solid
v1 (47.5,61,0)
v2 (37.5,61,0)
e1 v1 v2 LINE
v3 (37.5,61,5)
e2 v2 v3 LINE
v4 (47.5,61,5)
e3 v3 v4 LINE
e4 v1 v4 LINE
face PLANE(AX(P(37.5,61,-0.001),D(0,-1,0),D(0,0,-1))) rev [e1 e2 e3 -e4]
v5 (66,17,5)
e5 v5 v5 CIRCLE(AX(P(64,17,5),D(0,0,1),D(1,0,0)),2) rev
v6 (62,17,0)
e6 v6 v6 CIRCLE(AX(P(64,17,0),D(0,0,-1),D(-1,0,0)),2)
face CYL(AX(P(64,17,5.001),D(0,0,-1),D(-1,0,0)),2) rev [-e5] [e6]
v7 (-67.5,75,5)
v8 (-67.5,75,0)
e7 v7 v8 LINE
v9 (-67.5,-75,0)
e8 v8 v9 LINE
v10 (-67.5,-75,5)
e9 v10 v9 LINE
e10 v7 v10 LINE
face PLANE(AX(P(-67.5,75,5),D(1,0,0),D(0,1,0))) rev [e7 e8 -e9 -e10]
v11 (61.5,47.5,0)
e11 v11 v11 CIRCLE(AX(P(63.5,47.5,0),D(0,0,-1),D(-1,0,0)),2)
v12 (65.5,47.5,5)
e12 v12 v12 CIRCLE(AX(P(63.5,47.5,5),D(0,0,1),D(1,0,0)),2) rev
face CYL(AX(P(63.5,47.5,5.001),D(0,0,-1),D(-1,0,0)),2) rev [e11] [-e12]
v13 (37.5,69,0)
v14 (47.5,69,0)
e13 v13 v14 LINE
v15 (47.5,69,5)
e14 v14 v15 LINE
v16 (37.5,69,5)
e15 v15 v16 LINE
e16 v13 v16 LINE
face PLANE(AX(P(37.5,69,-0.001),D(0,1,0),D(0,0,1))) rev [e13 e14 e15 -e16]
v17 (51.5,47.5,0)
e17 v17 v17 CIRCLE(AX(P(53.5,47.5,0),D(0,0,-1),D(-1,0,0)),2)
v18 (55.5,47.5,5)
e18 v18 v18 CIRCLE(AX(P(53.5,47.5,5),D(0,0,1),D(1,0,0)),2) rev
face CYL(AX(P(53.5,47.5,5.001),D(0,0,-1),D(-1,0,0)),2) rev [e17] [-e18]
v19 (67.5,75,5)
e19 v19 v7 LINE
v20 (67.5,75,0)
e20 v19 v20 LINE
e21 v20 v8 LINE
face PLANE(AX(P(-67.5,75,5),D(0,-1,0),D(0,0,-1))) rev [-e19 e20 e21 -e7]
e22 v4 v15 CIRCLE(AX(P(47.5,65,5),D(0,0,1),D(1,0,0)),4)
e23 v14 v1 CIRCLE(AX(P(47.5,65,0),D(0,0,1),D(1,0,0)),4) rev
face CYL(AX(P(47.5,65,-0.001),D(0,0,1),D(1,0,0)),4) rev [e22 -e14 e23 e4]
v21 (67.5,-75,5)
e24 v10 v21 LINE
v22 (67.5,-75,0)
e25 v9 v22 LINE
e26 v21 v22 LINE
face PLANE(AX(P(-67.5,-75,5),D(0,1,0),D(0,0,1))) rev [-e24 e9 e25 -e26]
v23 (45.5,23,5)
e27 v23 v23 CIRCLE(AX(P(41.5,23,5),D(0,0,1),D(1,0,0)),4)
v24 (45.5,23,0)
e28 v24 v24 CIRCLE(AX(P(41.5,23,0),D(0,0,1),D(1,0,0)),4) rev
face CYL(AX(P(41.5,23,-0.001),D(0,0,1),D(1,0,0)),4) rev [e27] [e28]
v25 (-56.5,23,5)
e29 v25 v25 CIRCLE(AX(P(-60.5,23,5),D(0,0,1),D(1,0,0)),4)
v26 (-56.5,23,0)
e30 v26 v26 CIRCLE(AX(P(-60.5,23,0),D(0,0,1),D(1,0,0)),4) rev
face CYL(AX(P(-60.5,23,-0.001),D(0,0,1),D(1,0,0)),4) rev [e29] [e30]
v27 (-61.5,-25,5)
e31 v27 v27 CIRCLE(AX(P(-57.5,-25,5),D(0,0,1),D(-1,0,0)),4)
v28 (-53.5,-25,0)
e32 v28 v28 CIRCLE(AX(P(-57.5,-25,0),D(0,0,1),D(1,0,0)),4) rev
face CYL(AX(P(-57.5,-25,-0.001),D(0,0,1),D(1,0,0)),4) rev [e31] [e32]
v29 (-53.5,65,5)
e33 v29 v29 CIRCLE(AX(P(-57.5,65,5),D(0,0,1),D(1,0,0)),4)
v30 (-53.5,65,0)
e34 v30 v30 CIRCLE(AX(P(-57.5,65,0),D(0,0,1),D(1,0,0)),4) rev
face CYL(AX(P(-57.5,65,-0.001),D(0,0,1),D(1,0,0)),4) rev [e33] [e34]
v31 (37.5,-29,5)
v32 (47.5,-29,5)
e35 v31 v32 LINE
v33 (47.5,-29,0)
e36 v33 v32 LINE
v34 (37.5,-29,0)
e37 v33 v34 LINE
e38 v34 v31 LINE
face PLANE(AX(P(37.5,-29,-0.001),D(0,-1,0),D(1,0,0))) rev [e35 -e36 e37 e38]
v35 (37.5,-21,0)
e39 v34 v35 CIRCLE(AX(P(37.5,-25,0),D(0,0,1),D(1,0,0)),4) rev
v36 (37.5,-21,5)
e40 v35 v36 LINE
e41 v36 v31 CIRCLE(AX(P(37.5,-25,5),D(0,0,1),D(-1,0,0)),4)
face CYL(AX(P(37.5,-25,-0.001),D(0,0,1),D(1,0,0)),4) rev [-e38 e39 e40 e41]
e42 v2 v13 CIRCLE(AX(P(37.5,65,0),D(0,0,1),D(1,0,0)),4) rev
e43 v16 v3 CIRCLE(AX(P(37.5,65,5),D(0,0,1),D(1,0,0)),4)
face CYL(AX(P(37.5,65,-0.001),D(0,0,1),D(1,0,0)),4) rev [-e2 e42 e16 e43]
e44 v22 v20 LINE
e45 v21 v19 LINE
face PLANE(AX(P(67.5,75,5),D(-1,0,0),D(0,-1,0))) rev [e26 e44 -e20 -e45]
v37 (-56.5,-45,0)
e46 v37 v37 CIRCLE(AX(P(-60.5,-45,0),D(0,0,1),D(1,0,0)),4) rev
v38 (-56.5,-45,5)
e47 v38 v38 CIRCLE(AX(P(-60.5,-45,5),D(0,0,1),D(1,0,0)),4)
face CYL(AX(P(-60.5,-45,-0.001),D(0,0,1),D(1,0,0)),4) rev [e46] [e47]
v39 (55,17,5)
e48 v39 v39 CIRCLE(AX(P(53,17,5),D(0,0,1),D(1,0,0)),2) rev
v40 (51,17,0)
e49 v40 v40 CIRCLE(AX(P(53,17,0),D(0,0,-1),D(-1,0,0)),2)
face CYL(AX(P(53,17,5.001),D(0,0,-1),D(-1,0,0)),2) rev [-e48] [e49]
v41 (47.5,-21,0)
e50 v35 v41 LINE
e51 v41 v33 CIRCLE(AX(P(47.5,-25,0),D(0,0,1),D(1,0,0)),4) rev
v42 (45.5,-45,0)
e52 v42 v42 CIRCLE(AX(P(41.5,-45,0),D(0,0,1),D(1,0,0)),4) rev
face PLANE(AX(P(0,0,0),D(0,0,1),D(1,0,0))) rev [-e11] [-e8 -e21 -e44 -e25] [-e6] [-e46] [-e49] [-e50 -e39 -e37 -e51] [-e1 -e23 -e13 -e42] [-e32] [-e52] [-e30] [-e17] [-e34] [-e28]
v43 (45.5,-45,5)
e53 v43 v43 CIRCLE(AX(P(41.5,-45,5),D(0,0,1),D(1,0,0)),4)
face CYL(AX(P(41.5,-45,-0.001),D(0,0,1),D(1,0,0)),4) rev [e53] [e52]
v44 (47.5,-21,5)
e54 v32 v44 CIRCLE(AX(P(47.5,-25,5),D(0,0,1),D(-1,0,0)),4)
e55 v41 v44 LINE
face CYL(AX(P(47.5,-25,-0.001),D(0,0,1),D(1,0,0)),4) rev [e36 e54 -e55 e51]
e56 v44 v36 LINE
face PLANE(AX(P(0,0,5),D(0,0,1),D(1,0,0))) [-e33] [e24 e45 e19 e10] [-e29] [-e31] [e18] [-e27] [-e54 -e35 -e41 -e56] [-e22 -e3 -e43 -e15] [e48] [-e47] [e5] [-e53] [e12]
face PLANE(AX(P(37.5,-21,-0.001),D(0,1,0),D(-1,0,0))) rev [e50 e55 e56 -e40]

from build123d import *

# Parameters (mm, degrees)
SKETCH1_W           = 135
SKETCH1_H           = 150
BOSS_EXTRUDE1_DEPTH = 5
CUT_EXTRUDE1_REACH  = 103.026
SKETCH2_R           = 4
CUT_EXTRUDE5_REACH  = 103.026
SKETCH6_R           = 4
CUT_EXTRUDE6_REACH  = 103.026
SKETCH7_R           = 2


with BuildPart() as part:
    # Sketch1 → Boss-Extrude1 (new body)
    with BuildSketch(Plane.XY):
        Rectangle(SKETCH1_W, SKETCH1_H)
    extrude(amount=BOSS_EXTRUDE1_DEPTH)

    # Sketch2 → Cut-Extrude1 (cut, up to next)
    with BuildSketch(Plane.XY.offset(5), mode=Mode.PRIVATE) as cut_extrude1_sk1:
        with Locations((-57.5, 65)):
            Circle(SKETCH2_R)
    cut_extrude1_tool1 = extrude(cut_extrude1_sk1.sketch, amount=-CUT_EXTRUDE1_REACH, mode=Mode.PRIVATE) & part.part
    # Sketch2 → Cut-Extrude1 (cut, up to next)
    with BuildSketch(Plane.XY.offset(5), mode=Mode.PRIVATE) as cut_extrude1_sk2:
        with Locations((-57.5, -25)):
            Circle(SKETCH2_R)
    cut_extrude1_tool2 = extrude(cut_extrude1_sk2.sketch, amount=-CUT_EXTRUDE1_REACH, mode=Mode.PRIVATE) & part.part
    # Sketch2 → Cut-Extrude1 (cut, up to next)
    with BuildSketch(Plane.XY.offset(5), mode=Mode.PRIVATE) as cut_extrude1_sk3:
        with BuildLine():
            Line((37.5, 69), (47.5, 69))
            ThreePointArc((47.5, 69), (51.5, 65), (47.5, 61))
            Line((47.5, 61), (37.5, 61))
            ThreePointArc((37.5, 61), (33.5, 65), (37.5, 69))
        make_face()
    cut_extrude1_tool3 = extrude(cut_extrude1_sk3.sketch, amount=-CUT_EXTRUDE1_REACH, mode=Mode.PRIVATE) & part.part
    # Sketch2 → Cut-Extrude1 (cut, up to next)
    with BuildSketch(Plane.XY.offset(5), mode=Mode.PRIVATE) as cut_extrude1_sk4:
        with BuildLine():
            Line((37.5, -29), (47.5, -29))
            ThreePointArc((47.5, -29), (51.5, -25), (47.5, -21))
            Line((47.5, -21), (37.5, -21))
            ThreePointArc((37.5, -21), (33.5, -25), (37.5, -29))
        make_face()
    cut_extrude1_tool4 = extrude(cut_extrude1_sk4.sketch, amount=-CUT_EXTRUDE1_REACH, mode=Mode.PRIVATE) & part.part
    add(cut_extrude1_tool1.solids().sort_by_distance((-57.5, 65, 5))[0], mode=Mode.SUBTRACT)
    add(cut_extrude1_tool2.solids().sort_by_distance((-57.5, -25, 5))[0], mode=Mode.SUBTRACT)
    add(cut_extrude1_tool3.solids().sort_by_distance((42.5, 65, 5))[0], mode=Mode.SUBTRACT)
    add(cut_extrude1_tool4.solids().sort_by_distance((42.5, -25, 5))[0], mode=Mode.SUBTRACT)

    # Sketch6 → Cut-Extrude5 (cut, up to next)
    with BuildSketch(Plane.XY.offset(5), mode=Mode.PRIVATE) as cut_extrude5_sk1:
        with Locations((-60.5, 23)):
            Circle(SKETCH6_R)
    cut_extrude5_tool1 = extrude(cut_extrude5_sk1.sketch, amount=-CUT_EXTRUDE5_REACH, mode=Mode.PRIVATE) & part.part
    # Sketch6 → Cut-Extrude5 (cut, up to next)
    with BuildSketch(Plane.XY.offset(5), mode=Mode.PRIVATE) as cut_extrude5_sk2:
        with Locations((-60.5, -45)):
            Circle(SKETCH6_R)
    cut_extrude5_tool2 = extrude(cut_extrude5_sk2.sketch, amount=-CUT_EXTRUDE5_REACH, mode=Mode.PRIVATE) & part.part
    # Sketch6 → Cut-Extrude5 (cut, up to next)
    with BuildSketch(Plane.XY.offset(5), mode=Mode.PRIVATE) as cut_extrude5_sk3:
        with Locations((41.5, 23)):
            Circle(SKETCH6_R)
    cut_extrude5_tool3 = extrude(cut_extrude5_sk3.sketch, amount=-CUT_EXTRUDE5_REACH, mode=Mode.PRIVATE) & part.part
    # Sketch6 → Cut-Extrude5 (cut, up to next)
    with BuildSketch(Plane.XY.offset(5), mode=Mode.PRIVATE) as cut_extrude5_sk4:
        with Locations((41.5, -45)):
            Circle(SKETCH6_R)
    cut_extrude5_tool4 = extrude(cut_extrude5_sk4.sketch, amount=-CUT_EXTRUDE5_REACH, mode=Mode.PRIVATE) & part.part
    add(cut_extrude5_tool1.solids().sort_by_distance((-60.5, 23, 5))[0], mode=Mode.SUBTRACT)
    add(cut_extrude5_tool2.solids().sort_by_distance((-60.5, -45, 5))[0], mode=Mode.SUBTRACT)
    add(cut_extrude5_tool3.solids().sort_by_distance((41.5, 23, 5))[0], mode=Mode.SUBTRACT)
    add(cut_extrude5_tool4.solids().sort_by_distance((41.5, -45, 5))[0], mode=Mode.SUBTRACT)

    # Sketch7 → Cut-Extrude6 (cut, up to next)
    with BuildSketch(Plane(origin=(0, 0, 0), x_dir=(-1, 0, 0), z_dir=(0, 0, -1)), mode=Mode.PRIVATE) as cut_extrude6_sk1:
        with Locations((-63.5, 47.5)):
            Circle(SKETCH7_R)
    cut_extrude6_tool1 = extrude(cut_extrude6_sk1.sketch, amount=-CUT_EXTRUDE6_REACH, mode=Mode.PRIVATE) & part.part
    # Sketch7 → Cut-Extrude6 (cut, up to next)
    with BuildSketch(Plane(origin=(0, 0, 0), x_dir=(-1, 0, 0), z_dir=(0, 0, -1)), mode=Mode.PRIVATE) as cut_extrude6_sk2:
        with Locations((-53.5, 47.5)):
            Circle(SKETCH7_R)
    cut_extrude6_tool2 = extrude(cut_extrude6_sk2.sketch, amount=-CUT_EXTRUDE6_REACH, mode=Mode.PRIVATE) & part.part
    # Sketch7 → Cut-Extrude6 (cut, up to next)
    with BuildSketch(Plane(origin=(0, 0, 0), x_dir=(-1, 0, 0), z_dir=(0, 0, -1)), mode=Mode.PRIVATE) as cut_extrude6_sk3:
        with Locations((-64, 17)):
            Circle(SKETCH7_R)
    cut_extrude6_tool3 = extrude(cut_extrude6_sk3.sketch, amount=-CUT_EXTRUDE6_REACH, mode=Mode.PRIVATE) & part.part
    # Sketch7 → Cut-Extrude6 (cut, up to next)
    with BuildSketch(Plane(origin=(0, 0, 0), x_dir=(-1, 0, 0), z_dir=(0, 0, -1)), mode=Mode.PRIVATE) as cut_extrude6_sk4:
        with Locations((-53, 17)):
            Circle(SKETCH7_R)
    cut_extrude6_tool4 = extrude(cut_extrude6_sk4.sketch, amount=-CUT_EXTRUDE6_REACH, mode=Mode.PRIVATE) & part.part
    add(cut_extrude6_tool1.solids().sort_by_distance((63.5, 47.5, 0))[0], mode=Mode.SUBTRACT)
    add(cut_extrude6_tool2.solids().sort_by_distance((53.5, 47.5, 0))[0], mode=Mode.SUBTRACT)
    add(cut_extrude6_tool3.solids().sort_by_distance((64, 17, 0))[0], mode=Mode.SUBTRACT)
    add(cut_extrude6_tool4.solids().sort_by_distance((53, 17, 0))[0], mode=Mode.SUBTRACT)


solid = part.part
